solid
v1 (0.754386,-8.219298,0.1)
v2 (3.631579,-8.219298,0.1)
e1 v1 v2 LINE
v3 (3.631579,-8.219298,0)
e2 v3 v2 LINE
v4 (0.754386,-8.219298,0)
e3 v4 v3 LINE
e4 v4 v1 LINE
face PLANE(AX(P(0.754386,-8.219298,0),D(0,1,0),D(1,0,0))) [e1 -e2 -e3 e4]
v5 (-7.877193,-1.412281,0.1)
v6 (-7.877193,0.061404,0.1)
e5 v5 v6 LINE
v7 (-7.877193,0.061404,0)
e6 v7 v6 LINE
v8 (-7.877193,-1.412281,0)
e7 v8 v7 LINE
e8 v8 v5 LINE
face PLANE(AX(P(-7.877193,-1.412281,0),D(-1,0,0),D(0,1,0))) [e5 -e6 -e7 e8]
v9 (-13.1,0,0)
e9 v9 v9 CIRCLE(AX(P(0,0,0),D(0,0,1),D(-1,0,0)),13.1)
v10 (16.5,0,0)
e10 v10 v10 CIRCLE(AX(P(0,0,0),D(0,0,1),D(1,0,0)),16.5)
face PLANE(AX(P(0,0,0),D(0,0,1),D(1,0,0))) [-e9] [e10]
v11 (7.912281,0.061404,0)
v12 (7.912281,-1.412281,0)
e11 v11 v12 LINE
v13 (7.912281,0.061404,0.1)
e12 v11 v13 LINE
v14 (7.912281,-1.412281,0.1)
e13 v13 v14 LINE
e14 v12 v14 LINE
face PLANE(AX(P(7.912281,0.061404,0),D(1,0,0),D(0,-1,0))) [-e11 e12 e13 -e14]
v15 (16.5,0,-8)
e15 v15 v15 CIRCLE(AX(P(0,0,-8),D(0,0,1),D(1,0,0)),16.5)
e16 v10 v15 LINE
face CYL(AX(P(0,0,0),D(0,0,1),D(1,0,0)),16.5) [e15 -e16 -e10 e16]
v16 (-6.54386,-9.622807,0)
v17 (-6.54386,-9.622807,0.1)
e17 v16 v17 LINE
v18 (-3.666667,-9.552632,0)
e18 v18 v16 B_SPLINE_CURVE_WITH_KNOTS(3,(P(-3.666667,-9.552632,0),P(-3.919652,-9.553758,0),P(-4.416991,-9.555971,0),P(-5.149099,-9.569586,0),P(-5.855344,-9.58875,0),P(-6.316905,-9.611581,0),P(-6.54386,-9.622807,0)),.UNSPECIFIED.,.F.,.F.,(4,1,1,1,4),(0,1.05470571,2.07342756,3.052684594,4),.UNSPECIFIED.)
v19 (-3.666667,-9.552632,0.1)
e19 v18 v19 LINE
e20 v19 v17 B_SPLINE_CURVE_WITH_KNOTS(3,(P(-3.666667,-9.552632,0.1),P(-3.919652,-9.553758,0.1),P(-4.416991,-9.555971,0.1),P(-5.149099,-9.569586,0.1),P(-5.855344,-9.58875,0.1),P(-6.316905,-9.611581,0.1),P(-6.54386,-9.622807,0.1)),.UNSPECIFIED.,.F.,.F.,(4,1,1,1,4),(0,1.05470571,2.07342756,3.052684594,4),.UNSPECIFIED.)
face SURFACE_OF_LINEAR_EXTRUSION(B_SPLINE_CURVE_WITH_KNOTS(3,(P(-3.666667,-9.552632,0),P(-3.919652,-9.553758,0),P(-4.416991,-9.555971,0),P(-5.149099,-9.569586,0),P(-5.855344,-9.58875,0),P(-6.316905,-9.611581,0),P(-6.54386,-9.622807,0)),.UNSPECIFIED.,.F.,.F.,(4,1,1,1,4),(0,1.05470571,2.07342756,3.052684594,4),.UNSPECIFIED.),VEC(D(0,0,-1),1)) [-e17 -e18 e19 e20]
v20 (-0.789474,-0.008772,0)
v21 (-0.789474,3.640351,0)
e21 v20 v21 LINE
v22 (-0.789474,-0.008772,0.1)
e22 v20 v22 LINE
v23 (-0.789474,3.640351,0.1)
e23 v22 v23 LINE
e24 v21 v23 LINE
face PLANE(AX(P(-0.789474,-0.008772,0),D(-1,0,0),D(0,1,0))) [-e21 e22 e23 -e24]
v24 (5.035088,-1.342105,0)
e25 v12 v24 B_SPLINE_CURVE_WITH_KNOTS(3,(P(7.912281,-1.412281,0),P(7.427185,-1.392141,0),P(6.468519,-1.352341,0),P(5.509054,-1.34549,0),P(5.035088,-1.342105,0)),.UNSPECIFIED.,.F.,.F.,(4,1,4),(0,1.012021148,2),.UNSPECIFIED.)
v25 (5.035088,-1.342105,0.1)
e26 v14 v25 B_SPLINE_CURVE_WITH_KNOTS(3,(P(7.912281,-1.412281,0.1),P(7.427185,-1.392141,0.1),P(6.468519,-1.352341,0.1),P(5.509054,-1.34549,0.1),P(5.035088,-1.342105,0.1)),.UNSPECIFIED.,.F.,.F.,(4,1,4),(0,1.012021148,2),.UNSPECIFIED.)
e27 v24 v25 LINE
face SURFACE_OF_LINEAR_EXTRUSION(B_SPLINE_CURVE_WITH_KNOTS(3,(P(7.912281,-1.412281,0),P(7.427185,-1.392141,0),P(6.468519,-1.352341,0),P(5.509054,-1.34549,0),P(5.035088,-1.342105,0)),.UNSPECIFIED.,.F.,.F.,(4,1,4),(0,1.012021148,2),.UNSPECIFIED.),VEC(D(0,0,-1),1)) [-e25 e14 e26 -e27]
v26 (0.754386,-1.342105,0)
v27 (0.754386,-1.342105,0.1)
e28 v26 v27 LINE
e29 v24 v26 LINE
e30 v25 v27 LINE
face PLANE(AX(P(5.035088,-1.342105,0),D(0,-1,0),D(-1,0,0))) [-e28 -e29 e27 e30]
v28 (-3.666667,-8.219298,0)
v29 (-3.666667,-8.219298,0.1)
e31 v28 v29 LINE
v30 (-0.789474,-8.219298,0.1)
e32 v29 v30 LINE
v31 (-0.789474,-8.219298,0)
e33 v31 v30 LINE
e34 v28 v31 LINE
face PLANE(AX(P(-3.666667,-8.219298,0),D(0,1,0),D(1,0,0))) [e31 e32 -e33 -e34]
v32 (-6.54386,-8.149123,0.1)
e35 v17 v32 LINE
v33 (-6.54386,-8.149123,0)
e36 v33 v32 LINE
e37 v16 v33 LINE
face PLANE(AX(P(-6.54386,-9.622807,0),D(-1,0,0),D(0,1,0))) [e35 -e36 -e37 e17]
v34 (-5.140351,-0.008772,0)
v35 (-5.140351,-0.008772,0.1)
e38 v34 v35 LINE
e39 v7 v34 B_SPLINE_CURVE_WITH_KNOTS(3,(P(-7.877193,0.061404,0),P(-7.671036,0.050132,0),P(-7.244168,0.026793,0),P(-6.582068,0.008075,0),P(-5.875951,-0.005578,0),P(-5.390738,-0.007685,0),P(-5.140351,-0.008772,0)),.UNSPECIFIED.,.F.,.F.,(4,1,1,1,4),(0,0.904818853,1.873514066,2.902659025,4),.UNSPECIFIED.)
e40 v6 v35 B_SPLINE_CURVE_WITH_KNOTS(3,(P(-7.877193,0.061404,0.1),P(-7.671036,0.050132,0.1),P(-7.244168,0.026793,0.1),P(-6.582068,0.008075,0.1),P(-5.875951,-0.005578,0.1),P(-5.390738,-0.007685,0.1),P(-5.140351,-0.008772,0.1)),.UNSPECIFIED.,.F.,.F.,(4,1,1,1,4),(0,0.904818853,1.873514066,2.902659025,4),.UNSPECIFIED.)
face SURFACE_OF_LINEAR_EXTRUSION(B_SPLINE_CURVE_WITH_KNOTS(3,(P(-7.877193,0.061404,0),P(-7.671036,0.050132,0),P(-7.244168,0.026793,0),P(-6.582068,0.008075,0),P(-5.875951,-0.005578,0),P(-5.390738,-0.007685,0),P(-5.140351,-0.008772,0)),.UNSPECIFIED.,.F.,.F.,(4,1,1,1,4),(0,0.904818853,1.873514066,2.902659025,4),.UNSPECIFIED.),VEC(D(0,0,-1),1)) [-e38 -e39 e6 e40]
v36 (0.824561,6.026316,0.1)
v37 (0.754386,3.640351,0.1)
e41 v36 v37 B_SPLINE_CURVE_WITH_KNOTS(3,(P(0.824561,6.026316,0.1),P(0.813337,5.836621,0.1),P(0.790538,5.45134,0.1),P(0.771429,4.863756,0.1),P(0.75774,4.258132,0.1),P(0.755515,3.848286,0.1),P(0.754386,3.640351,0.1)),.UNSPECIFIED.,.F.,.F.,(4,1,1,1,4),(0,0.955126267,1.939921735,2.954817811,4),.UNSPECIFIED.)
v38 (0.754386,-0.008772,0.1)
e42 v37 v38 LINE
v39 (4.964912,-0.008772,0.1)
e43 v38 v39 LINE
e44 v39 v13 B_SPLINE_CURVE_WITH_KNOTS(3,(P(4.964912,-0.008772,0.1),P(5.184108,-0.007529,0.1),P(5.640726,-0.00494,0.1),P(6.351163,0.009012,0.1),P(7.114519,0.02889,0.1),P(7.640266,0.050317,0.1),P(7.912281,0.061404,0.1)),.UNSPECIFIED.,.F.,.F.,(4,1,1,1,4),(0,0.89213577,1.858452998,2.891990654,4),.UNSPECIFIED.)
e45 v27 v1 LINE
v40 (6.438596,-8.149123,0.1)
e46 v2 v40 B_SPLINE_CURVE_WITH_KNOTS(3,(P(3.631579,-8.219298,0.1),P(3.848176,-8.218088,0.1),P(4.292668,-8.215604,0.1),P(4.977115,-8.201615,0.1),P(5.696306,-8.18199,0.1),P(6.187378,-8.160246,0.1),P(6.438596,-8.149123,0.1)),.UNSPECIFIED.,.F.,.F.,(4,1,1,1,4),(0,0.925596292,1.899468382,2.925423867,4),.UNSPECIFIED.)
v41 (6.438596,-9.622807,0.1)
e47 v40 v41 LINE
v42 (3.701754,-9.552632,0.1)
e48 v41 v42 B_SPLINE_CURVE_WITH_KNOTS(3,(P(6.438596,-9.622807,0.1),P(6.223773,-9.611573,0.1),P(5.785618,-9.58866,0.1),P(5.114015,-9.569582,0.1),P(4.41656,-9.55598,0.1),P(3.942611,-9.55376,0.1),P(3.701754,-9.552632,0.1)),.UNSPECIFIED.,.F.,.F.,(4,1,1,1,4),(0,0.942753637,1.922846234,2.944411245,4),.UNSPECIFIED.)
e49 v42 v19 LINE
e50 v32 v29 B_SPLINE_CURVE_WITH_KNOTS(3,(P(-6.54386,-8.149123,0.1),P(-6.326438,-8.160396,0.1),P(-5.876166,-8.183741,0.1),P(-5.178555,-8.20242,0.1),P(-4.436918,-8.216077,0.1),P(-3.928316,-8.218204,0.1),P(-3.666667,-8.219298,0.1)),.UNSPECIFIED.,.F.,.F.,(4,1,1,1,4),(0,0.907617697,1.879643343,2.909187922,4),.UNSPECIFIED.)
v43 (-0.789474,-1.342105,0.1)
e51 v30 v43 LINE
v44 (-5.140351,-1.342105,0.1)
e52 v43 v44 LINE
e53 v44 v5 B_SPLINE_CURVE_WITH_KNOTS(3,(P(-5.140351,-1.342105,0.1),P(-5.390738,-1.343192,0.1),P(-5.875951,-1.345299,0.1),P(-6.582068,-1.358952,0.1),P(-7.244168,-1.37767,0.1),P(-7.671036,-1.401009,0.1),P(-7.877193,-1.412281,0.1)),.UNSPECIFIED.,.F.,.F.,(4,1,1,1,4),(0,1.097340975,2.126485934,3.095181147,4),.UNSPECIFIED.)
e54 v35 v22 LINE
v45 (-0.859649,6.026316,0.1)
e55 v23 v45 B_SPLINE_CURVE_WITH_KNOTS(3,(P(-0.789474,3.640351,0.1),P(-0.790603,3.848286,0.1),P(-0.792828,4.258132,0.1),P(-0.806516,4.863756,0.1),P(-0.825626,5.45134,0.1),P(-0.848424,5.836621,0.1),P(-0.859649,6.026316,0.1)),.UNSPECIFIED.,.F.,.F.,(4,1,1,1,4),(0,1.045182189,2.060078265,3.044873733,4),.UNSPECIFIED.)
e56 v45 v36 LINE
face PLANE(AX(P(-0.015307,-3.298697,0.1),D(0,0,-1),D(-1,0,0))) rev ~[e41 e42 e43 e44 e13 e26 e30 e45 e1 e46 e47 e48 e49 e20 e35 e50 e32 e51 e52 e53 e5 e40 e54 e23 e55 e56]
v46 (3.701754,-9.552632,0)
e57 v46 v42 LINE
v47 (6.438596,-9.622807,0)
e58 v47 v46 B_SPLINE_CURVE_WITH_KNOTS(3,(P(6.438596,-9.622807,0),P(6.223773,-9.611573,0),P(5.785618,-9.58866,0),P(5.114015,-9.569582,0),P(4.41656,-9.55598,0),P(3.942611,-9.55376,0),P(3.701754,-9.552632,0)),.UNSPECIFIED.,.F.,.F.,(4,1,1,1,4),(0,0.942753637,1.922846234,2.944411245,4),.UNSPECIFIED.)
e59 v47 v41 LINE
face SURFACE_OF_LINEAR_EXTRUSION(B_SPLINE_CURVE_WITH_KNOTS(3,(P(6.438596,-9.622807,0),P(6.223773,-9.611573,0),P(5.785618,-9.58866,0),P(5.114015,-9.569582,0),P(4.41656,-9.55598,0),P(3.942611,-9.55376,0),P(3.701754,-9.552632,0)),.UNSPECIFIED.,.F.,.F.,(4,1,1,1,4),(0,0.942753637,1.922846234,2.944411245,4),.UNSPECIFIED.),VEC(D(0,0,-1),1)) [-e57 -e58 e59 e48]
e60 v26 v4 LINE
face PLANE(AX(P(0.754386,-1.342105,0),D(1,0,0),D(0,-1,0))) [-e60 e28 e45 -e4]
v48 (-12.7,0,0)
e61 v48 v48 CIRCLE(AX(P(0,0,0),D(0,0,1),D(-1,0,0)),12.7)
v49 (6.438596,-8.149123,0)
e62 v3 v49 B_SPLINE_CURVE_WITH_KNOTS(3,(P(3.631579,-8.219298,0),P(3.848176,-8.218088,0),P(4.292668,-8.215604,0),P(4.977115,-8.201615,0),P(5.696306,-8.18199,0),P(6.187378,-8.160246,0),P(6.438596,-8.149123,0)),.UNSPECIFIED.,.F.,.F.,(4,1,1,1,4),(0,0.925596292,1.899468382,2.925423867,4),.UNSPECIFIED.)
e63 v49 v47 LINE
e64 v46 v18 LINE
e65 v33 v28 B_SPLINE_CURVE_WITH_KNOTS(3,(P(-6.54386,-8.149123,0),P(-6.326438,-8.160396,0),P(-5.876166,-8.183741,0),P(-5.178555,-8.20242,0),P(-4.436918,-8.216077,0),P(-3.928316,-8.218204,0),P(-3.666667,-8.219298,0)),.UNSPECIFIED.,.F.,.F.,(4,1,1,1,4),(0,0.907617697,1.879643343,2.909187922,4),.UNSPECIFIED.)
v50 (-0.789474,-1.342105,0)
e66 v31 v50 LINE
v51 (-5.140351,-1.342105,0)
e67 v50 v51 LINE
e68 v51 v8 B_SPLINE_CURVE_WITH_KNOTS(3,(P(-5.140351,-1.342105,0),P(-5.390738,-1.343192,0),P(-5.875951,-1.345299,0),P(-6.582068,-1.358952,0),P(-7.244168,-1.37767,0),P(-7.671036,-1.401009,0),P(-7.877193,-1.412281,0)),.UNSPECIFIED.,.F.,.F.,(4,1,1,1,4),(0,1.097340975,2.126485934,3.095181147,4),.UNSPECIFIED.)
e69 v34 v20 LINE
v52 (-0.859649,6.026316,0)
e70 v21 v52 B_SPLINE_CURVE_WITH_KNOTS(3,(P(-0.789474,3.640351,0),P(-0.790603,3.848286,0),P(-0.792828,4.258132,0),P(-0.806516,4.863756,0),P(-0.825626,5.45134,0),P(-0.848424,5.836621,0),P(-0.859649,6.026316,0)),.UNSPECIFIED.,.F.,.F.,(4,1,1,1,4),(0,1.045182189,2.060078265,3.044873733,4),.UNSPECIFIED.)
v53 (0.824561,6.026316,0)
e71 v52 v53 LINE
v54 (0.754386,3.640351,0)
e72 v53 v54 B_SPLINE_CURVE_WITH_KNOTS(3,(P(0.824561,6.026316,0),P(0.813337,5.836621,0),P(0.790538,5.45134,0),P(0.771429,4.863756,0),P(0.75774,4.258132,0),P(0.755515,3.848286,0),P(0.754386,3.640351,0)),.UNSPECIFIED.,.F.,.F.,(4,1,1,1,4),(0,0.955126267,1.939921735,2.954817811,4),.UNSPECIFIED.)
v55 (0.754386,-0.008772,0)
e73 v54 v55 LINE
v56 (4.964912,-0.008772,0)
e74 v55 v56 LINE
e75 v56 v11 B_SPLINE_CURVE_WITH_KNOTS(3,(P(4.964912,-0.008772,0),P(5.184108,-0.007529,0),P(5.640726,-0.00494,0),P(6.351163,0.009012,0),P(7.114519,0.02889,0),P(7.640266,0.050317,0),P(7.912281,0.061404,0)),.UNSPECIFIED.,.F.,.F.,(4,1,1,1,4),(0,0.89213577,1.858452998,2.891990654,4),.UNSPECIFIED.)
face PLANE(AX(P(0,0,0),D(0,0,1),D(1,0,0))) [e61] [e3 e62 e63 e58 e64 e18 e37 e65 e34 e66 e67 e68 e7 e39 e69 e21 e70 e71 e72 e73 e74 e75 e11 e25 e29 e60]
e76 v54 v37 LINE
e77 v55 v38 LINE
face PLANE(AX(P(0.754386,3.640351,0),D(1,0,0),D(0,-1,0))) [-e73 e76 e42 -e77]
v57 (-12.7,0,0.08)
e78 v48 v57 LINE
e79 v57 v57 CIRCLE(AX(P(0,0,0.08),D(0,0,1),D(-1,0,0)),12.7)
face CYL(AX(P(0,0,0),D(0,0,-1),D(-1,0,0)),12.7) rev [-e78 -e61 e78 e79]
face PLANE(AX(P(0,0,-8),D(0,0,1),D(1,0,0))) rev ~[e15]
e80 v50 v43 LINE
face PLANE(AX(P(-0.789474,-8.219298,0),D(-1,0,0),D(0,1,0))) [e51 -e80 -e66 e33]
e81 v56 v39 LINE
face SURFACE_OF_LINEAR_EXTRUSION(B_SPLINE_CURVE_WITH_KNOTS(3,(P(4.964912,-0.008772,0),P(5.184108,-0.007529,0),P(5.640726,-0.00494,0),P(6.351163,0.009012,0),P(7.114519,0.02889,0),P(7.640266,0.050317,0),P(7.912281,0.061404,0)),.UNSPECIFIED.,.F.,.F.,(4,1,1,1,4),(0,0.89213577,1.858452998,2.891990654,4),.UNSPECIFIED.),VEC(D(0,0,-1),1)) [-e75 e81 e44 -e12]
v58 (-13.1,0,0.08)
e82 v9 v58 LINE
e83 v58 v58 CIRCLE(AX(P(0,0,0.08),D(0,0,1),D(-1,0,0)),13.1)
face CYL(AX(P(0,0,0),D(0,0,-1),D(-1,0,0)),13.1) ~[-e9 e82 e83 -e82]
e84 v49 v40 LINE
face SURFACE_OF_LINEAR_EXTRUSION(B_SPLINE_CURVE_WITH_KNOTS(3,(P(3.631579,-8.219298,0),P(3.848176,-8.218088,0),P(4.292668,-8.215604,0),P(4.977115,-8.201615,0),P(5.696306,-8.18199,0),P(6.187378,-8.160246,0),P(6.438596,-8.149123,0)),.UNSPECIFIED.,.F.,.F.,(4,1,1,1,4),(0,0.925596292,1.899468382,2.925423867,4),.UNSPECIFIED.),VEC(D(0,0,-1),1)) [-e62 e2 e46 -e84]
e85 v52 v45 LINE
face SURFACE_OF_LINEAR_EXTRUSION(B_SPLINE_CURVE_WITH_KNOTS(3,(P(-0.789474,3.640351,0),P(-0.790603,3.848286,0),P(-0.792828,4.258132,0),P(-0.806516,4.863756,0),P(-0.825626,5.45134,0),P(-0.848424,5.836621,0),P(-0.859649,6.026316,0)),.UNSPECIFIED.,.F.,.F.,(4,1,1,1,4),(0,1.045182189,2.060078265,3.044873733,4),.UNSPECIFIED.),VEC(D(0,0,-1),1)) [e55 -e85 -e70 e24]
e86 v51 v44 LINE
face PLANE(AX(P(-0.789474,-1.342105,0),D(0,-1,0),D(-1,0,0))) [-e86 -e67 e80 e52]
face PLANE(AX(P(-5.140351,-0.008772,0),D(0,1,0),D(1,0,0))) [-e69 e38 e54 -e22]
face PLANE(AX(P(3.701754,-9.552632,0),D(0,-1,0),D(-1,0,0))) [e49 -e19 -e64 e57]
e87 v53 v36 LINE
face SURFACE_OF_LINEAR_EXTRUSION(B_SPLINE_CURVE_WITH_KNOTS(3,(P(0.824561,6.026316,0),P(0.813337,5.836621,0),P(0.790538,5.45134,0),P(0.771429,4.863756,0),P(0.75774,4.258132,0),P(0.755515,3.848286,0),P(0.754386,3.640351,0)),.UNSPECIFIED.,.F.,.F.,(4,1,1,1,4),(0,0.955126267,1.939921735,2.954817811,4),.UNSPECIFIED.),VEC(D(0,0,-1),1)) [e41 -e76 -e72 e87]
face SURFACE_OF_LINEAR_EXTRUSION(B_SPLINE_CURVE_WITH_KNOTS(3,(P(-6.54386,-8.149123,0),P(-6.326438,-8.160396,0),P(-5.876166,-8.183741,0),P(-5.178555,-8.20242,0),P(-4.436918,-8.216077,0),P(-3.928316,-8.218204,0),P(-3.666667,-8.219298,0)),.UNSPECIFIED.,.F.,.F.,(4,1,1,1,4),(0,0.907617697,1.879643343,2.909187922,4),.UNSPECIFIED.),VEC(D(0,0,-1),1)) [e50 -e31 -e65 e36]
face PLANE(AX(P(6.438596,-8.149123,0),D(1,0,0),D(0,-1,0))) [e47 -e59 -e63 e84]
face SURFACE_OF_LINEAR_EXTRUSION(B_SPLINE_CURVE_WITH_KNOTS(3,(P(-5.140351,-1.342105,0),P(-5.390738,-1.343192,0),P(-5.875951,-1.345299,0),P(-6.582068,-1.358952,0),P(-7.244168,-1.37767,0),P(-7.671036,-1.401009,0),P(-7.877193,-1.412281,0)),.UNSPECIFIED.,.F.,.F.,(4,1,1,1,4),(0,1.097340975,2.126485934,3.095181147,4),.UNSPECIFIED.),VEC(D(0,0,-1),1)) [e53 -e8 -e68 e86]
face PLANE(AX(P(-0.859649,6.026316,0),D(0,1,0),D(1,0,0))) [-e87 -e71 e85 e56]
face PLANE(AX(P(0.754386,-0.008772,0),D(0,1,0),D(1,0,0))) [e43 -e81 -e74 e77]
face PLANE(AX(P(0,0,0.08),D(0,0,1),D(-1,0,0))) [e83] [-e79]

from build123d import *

# Parameters (mm, degrees)
SKETCH_1_R               = 16.5
DIAMETER33_HEIGHT8_DEPTH = 8
CHARACTER_DEPTH          = 0.1
SKETCH_3_R               = 13.1
SKETCH_3_R_2             = 12.7
INK_RING_DEPTH           = 0.08


with BuildPart() as part:
    # 草图1 → Diameter33_Height8 (new body)
    with BuildSketch(Plane.XY):
        Circle(SKETCH_1_R)
    extrude(amount=-DIAMETER33_HEIGHT8_DEPTH)

    # 草图2 → Character_士 (add)
    with BuildSketch(Plane.XY):
        with BuildLine():
            add(Edge.make_bspline(
                [(0.824561404, 6.026315789), (0.813336636, 5.83662132), (0.790538423, 5.45133988), (0.771428603, 4.863755794), (0.757740418, 4.258132362), (0.755515021, 3.84828648), (0.754385965, 3.640350877)],
                knots=[0, 0, 0, 0, 0.955126267, 1.939921735, 2.954817811, 4, 4, 4, 4], degree=3))
            Line((0.754385965, 3.640350877), (0.754385965, -0.00877193))
            Line((0.754385965, -0.00877193), (4.964912281, -0.00877193))
            add(Edge.make_bspline(
                [(4.964912281, -0.00877193), (5.184108112, -0.007529011), (5.640726, -0.004939824), (6.351162704, 0.009012072), (7.114519154, 0.028890494), (7.640265954, 0.050317465), (7.912280702, 0.061403509)],
                knots=[0, 0, 0, 0, 0.89213577, 1.858452998, 2.891990654, 4, 4, 4, 4], degree=3))
            Line((7.912280702, 0.061403509), (7.912280702, -1.412280702))
            add(Edge.make_bspline(
                [(7.912280702, -1.412280702), (7.427185378, -1.392141242), (6.468519002, -1.352340771), (5.509053521, -1.345489646), (5.035087719, -1.342105263)],
                knots=[0, 0, 0, 0, 1.012021148, 2, 2, 2, 2], degree=3))
            Line((5.035087719, -1.342105263), (0.754385965, -1.342105263))
            Line((0.754385965, -1.342105263), (0.754385965, -8.219298246))
            Line((0.754385965, -8.219298246), (3.631578947, -8.219298246))
            add(Edge.make_bspline(
                [(3.631578947, -8.219298246), (3.848176317, -8.218087826), (4.292668001, -8.215603856), (4.977115293, -8.20161515), (5.696306453, -8.181989949), (6.187377565, -8.160246287), (6.438596491, -8.149122807)],
                knots=[0, 0, 0, 0, 0.925596292, 1.899468382, 2.925423867, 4, 4, 4, 4], degree=3))
            Line((6.438596491, -8.149122807), (6.438596491, -9.622807018))
            add(Edge.make_bspline(
                [(6.438596491, -9.622807018), (6.22377323, -9.611572963), (5.785618359, -9.588659914), (5.114015233, -9.569582266), (4.416560018, -9.555980066), (3.942610691, -9.553759864), (3.701754386, -9.552631579)],
                knots=[0, 0, 0, 0, 0.942753637, 1.922846234, 2.944411245, 4, 4, 4, 4], degree=3))
            Line((3.701754386, -9.552631579), (-3.666666667, -9.552631579))
            add(Edge.make_bspline(
                [(-3.666666667, -9.552631579), (-3.919651707, -9.553757661), (-4.416990585, -9.555971406), (-5.149099093, -9.569586009), (-5.855343836, -9.588750323), (-6.316905199, -9.61158096), (-6.543859649, -9.622807018)],
                knots=[0, 0, 0, 0, 1.05470571, 2.07342756, 3.052684594, 4, 4, 4, 4], degree=3))
            Line((-6.543859649, -9.622807018), (-6.543859649, -8.149122807))
            add(Edge.make_bspline(
                [(-6.543859649, -8.149122807), (-6.326438065, -8.160395624), (-5.876165846, -8.183741218), (-5.178554503, -8.202420094), (-4.436918096, -8.216076814), (-3.928315814, -8.218203947), (-3.666666667, -8.219298246)],
                knots=[0, 0, 0, 0, 0.907617697, 1.879643343, 2.909187922, 4, 4, 4, 4], degree=3))
            Line((-3.666666667, -8.219298246), (-0.789473684, -8.219298246))
            Line((-0.789473684, -8.219298246), (-0.789473684, -1.342105263))
            Line((-0.789473684, -1.342105263), (-5.140350877, -1.342105263))
            add(Edge.make_bspline(
                [(-5.140350877, -1.342105263), (-5.390737734, -1.343192376), (-5.875950755, -1.345299041), (-6.582068481, -1.358952048), (-7.244168345, -1.377670192), (-7.671036038, -1.401009107), (-7.877192982, -1.412280702)],
                knots=[0, 0, 0, 0, 1.097340975, 2.126485934, 3.095181147, 4, 4, 4, 4], degree=3))
            Line((-7.877192982, -1.412280702), (-7.877192982, 0.061403509))
            add(Edge.make_bspline(
                [(-7.877192982, 0.061403509), (-7.671036038, 0.050131914), (-7.244168345, 0.026792999), (-6.582068481, 0.008074855), (-5.875950755, -0.005578152), (-5.390737734, -0.007684817), (-5.140350877, -0.00877193)],
                knots=[0, 0, 0, 0, 0.904818853, 1.873514066, 2.902659025, 4, 4, 4, 4], degree=3))
            Line((-5.140350877, -0.00877193), (-0.789473684, -0.00877193))
            Line((-0.789473684, -0.00877193), (-0.789473684, 3.640350877))
            add(Edge.make_bspline(
                [(-0.789473684, 3.640350877), (-0.790602741, 3.84828648), (-0.792828137, 4.258132362), (-0.806516322, 4.863755794), (-0.825626143, 5.45133988), (-0.848424355, 5.83662132), (-0.859649123, 6.026315789)],
                knots=[0, 0, 0, 0, 1.045182189, 2.060078265, 3.044873733, 4, 4, 4, 4], degree=3))
            Line((-0.859649123, 6.026315789), (0.824561404, 6.026315789))
        make_face()
    extrude(amount=CHARACTER_DEPTH)

    # 草图3 → Ink_ring (add)
    with BuildSketch(Plane.XY):
        with Locations(Location((0, 0, 0), (0, 0, 180))):
            Circle(SKETCH_3_R)
        with Locations(Location((0, 0, 0), (0, 0, 180))):
            Circle(SKETCH_3_R_2, mode=Mode.SUBTRACT)
    extrude(amount=INK_RING_DEPTH)


solid = part.part
